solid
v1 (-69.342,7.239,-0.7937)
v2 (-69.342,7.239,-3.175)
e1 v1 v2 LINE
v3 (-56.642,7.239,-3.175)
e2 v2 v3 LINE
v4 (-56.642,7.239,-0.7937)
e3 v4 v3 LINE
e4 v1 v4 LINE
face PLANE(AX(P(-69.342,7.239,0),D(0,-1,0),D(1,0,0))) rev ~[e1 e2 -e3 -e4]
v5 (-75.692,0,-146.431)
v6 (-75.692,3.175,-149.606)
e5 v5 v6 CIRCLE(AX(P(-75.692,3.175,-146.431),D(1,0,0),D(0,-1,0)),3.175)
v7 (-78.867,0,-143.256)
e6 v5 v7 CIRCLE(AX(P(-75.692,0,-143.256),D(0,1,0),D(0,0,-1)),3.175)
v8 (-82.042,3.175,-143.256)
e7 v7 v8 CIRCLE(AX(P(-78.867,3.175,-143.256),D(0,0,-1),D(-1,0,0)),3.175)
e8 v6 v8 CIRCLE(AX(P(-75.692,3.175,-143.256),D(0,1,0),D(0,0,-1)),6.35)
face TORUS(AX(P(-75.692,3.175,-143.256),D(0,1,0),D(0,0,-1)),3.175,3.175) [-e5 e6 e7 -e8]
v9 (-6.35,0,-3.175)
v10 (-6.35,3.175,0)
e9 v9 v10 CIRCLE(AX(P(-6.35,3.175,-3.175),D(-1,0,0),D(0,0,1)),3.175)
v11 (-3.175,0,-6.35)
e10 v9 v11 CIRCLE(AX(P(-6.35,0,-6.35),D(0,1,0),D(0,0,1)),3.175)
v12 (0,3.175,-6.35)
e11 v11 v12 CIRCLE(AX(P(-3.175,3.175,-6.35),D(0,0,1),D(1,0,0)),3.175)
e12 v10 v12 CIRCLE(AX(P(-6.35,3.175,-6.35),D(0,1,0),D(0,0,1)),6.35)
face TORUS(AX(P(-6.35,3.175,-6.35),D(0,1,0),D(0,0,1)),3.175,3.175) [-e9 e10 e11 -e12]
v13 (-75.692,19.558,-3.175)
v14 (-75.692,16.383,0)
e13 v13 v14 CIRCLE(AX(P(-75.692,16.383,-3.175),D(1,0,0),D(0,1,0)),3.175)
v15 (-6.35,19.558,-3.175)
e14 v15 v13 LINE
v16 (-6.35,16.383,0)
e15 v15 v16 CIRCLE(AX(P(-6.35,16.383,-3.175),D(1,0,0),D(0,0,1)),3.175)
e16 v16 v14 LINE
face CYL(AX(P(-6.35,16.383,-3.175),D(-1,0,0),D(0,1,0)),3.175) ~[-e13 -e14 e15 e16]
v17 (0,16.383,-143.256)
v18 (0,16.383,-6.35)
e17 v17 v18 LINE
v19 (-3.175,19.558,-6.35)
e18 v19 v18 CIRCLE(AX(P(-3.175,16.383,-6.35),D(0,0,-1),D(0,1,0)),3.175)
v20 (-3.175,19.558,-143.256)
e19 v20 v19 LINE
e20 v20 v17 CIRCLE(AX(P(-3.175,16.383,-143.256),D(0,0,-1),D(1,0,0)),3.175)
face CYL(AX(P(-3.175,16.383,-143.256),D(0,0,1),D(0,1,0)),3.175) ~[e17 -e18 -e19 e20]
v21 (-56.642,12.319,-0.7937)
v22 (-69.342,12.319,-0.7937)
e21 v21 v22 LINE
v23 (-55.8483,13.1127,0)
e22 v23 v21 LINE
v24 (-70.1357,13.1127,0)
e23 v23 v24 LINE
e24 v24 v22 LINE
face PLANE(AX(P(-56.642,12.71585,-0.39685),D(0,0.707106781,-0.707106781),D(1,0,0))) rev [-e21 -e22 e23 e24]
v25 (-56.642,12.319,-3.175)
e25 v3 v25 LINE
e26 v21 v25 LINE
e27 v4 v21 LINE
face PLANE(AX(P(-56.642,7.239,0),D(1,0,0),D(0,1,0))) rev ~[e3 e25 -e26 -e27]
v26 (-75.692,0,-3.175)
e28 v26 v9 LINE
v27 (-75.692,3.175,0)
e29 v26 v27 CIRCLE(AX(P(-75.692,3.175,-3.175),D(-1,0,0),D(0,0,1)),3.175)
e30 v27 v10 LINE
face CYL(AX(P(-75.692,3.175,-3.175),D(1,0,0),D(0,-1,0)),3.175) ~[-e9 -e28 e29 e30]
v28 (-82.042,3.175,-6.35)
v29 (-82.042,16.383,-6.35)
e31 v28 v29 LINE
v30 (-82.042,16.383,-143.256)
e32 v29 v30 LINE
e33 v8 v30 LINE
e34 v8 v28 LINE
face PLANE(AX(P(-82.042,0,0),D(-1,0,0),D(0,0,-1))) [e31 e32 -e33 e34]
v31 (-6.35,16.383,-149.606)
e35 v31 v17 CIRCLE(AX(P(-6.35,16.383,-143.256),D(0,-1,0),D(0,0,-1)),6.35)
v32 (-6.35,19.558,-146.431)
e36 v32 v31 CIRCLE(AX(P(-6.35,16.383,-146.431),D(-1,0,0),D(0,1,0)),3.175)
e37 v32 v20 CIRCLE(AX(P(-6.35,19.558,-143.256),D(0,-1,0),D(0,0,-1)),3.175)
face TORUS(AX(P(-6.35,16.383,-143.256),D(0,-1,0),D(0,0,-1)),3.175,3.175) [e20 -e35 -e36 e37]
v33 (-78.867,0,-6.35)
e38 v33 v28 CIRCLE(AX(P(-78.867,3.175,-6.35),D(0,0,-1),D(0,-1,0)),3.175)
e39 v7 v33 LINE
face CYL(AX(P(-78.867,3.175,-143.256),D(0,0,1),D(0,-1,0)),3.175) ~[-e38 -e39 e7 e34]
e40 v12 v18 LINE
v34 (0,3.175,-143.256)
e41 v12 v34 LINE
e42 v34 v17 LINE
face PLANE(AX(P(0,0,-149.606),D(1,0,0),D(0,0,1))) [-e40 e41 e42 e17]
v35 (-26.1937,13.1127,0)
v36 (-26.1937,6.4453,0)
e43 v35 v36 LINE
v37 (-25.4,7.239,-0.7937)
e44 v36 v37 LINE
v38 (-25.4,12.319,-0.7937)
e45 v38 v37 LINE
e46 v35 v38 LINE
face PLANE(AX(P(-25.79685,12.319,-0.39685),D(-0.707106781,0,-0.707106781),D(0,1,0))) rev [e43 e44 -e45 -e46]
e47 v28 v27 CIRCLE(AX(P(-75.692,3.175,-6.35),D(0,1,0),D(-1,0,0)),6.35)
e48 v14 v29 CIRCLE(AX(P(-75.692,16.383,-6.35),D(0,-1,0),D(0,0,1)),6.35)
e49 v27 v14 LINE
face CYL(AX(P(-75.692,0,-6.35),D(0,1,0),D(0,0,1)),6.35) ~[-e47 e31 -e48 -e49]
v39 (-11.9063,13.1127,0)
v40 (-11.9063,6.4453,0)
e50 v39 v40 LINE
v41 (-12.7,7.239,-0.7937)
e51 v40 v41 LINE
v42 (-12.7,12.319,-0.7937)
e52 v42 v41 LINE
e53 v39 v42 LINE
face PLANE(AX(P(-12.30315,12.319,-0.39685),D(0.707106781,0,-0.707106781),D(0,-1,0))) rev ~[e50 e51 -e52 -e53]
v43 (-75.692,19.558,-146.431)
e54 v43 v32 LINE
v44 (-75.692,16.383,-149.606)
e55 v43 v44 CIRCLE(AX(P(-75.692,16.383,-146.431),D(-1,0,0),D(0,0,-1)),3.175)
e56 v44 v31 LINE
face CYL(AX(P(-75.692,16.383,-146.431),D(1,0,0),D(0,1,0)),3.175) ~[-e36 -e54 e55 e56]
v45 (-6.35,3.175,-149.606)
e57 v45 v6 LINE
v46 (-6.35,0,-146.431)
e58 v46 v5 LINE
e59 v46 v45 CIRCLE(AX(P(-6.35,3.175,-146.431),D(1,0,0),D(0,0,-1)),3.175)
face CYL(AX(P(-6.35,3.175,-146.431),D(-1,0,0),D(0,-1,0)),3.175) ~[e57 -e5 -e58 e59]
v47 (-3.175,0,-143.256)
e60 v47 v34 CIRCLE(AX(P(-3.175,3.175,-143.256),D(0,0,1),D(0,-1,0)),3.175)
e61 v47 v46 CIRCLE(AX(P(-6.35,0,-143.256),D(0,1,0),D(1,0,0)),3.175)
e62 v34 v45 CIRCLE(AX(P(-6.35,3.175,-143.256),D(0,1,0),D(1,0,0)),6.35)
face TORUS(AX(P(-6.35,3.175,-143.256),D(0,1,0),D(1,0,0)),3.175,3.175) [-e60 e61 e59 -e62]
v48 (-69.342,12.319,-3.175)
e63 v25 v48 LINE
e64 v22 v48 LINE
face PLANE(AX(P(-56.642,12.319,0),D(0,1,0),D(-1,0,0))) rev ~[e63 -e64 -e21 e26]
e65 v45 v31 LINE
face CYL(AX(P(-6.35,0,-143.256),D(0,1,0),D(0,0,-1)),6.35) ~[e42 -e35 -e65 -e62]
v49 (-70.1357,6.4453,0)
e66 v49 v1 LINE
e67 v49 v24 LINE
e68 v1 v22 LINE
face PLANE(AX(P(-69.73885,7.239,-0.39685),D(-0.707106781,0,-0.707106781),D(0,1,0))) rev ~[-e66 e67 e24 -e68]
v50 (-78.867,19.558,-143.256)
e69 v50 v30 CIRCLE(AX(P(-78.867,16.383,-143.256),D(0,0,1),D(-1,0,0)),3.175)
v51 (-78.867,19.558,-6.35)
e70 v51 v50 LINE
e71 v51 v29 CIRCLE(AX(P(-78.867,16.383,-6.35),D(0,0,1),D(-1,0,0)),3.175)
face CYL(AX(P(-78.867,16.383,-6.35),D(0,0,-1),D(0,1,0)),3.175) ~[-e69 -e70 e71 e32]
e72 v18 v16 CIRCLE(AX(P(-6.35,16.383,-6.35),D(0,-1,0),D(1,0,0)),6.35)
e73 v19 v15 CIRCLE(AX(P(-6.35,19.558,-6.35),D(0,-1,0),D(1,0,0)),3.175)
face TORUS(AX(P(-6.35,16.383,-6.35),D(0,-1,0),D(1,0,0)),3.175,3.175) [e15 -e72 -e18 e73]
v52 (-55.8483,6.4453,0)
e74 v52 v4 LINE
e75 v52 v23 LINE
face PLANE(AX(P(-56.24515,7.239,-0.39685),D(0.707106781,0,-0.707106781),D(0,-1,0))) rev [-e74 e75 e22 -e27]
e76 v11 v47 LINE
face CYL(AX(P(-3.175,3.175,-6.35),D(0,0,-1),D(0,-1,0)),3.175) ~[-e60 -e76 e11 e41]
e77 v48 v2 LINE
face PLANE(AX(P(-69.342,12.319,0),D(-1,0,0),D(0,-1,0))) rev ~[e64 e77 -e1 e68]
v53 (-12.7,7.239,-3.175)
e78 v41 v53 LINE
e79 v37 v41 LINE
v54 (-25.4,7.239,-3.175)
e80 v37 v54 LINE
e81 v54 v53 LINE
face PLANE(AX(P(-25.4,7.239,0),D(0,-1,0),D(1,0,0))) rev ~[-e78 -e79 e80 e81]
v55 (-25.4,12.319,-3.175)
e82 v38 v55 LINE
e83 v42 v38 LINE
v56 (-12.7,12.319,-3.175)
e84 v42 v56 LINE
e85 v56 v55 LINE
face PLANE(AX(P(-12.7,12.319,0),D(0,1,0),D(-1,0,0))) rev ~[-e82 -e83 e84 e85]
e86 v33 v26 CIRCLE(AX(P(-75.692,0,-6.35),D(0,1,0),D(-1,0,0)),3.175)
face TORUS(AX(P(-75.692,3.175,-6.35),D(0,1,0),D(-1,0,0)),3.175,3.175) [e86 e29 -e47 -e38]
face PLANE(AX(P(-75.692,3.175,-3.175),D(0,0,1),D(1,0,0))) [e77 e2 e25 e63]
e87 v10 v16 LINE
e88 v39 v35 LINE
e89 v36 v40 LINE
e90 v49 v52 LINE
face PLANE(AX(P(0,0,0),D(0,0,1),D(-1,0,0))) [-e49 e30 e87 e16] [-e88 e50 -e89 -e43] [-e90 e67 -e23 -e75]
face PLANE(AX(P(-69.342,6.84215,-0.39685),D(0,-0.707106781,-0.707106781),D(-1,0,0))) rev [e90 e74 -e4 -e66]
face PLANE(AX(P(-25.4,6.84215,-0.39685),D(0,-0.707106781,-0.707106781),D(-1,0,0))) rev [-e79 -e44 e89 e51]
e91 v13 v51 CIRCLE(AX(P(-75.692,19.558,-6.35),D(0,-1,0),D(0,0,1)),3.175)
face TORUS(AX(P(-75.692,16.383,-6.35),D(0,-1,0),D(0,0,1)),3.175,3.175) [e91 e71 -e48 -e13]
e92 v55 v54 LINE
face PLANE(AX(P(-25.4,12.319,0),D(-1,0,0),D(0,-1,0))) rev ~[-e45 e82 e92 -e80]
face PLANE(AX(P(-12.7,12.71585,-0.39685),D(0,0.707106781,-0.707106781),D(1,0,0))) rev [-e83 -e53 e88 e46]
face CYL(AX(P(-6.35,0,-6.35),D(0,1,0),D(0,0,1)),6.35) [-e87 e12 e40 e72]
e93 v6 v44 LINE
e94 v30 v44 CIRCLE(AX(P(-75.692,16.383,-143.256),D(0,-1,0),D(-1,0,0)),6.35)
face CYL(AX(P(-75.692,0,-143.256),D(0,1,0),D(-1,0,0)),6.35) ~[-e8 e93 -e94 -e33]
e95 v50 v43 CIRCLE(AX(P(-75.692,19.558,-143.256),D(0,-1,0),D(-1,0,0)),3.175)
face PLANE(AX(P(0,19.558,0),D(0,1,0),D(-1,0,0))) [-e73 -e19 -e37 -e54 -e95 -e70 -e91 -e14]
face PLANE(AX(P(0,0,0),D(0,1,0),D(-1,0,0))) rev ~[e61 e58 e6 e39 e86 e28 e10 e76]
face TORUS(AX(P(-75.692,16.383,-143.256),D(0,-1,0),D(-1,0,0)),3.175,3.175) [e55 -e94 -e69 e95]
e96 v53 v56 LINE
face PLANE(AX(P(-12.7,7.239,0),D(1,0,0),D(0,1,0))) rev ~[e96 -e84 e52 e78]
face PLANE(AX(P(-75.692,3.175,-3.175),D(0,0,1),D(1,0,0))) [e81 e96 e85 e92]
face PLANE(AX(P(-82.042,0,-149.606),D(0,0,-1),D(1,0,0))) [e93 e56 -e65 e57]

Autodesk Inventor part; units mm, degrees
ref_plane "YZ Plane" through (0, 0, 0) normal (1, 0, 0) x (0, 1, 0)
ref_plane "XZ Plane" through (0, 0, 0) normal (0, 1, 0) x (-1, 0, 0)
ref_plane "XY Plane" through (0, 0, 0) normal (0, 0, 1) x (1, 0, 0)
sketch "Sketch1" plane through (0, 0, 0) normal (0, 1, 0) x (-1, 0, 0)
  line L0 (0, 0) -> (82.042, 0)
  line L1 (82.042, 0) -> (82.042, -149.606)
  line L2 (82.042, -149.606) -> (0, -149.606)
  line L3 (0, -149.606) -> (0, 0)
  dimension "d0" = 82.042
  dimension "d1" = 149.606
extrude "Extrusion1" add sketch "Sketch1" along normal blind 19.558
fillet "Fillet1" radius 6.35 4 edges at (0, 9.779, 0) (-82.042, 9.779, 0) (-82.042, 9.779, -149.606) (0, 9.779, -149.606)
fillet "Fillet2" radius 3.175 16 edges at (-80.1821, 19.558, -147.7461) (-82.042, 19.558, -74.803) (-80.1821, 19.558, -1.8599) (-41.021, 19.558, 0) (-1.8599, 19.558, -1.8599) (0, 19.558, -74.803) (-1.8599, 19.558, -147.7461) (-41.021, 19.558, -149.606) (-1.8599, 0, -1.8599) (-41.021, 0, 0) (-80.1821, 0, -1.8599) (-82.042, 0, -74.803) (-80.1821, 0, -147.7461) (-41.021, 0, -149.606) (-1.8599, 0, -147.7461) (0, 0, -74.803)
sketch "Sketch2" plane through (-75.692, 3.175, 0) normal (0, 0, 1) x (1, 0, 0)
  line L0 (69.342, 0) -> (0, 0) projected
  line L1 (69.342, 13.208) -> (69.342, 0) projected
  line L2 (0, 13.208) -> (69.342, 13.208) projected
  line L3 (0, 0) -> (0, 13.208) projected
  line L4 (0, 13.208) -> (0, 0) projected
  line L5 (0, 6.604) -> (12.7, 6.604)
  line L6 (69.342, 0) -> (69.342, 13.208) projected
  line L7 (69.342, 6.604) -> (56.642, 6.604)
  line L8 (6.35, 4.064) -> (19.05, 4.064)
  line L9 (19.05, 4.064) -> (19.05, 9.144)
  line L10 (19.05, 9.144) -> (6.35, 9.144)
  line L11 (6.35, 9.144) -> (6.35, 4.064)
  line L12 (6.35, 4.064) -> (19.05, 9.144) construction
  line L13 (19.05, 4.064) -> (6.35, 9.144) construction
  line L14 (50.292, 4.064) -> (62.992, 4.064)
  line L15 (62.992, 4.064) -> (62.992, 9.144)
  line L16 (62.992, 9.144) -> (50.292, 9.144)
  line L17 (50.292, 9.144) -> (50.292, 4.064)
  line L18 (50.292, 4.064) -> (62.992, 9.144) construction
  line L19 (62.992, 4.064) -> (50.292, 9.144) construction
  point P0 (75.692, -3.175)
  dimension "d6" = 12.7
  dimension "d7" = 12.7
  dimension "d8" = 12.7
  dimension "d9" = 5.08
  dimension "d10" = 12.7
  dimension "d11" = 5.08
extrude "Extrusion2" cut sketch "Sketch2" against normal blind 3.175 contours L15 L14 L17 L16 | L11 L10 L9 L8
chamfer "Chamfer1" distance 0.7937 angle 45 8 edges at (-69.342, 9.779, 0) (-62.992, 12.319, 0) (-62.992, 7.239, 0) (-56.642, 9.779, 0) (-25.4, 9.779, 0) (-19.05, 12.319, 0) (-19.05, 7.239, 0) (-12.7, 9.779, 0)
properties part number "Battery"
